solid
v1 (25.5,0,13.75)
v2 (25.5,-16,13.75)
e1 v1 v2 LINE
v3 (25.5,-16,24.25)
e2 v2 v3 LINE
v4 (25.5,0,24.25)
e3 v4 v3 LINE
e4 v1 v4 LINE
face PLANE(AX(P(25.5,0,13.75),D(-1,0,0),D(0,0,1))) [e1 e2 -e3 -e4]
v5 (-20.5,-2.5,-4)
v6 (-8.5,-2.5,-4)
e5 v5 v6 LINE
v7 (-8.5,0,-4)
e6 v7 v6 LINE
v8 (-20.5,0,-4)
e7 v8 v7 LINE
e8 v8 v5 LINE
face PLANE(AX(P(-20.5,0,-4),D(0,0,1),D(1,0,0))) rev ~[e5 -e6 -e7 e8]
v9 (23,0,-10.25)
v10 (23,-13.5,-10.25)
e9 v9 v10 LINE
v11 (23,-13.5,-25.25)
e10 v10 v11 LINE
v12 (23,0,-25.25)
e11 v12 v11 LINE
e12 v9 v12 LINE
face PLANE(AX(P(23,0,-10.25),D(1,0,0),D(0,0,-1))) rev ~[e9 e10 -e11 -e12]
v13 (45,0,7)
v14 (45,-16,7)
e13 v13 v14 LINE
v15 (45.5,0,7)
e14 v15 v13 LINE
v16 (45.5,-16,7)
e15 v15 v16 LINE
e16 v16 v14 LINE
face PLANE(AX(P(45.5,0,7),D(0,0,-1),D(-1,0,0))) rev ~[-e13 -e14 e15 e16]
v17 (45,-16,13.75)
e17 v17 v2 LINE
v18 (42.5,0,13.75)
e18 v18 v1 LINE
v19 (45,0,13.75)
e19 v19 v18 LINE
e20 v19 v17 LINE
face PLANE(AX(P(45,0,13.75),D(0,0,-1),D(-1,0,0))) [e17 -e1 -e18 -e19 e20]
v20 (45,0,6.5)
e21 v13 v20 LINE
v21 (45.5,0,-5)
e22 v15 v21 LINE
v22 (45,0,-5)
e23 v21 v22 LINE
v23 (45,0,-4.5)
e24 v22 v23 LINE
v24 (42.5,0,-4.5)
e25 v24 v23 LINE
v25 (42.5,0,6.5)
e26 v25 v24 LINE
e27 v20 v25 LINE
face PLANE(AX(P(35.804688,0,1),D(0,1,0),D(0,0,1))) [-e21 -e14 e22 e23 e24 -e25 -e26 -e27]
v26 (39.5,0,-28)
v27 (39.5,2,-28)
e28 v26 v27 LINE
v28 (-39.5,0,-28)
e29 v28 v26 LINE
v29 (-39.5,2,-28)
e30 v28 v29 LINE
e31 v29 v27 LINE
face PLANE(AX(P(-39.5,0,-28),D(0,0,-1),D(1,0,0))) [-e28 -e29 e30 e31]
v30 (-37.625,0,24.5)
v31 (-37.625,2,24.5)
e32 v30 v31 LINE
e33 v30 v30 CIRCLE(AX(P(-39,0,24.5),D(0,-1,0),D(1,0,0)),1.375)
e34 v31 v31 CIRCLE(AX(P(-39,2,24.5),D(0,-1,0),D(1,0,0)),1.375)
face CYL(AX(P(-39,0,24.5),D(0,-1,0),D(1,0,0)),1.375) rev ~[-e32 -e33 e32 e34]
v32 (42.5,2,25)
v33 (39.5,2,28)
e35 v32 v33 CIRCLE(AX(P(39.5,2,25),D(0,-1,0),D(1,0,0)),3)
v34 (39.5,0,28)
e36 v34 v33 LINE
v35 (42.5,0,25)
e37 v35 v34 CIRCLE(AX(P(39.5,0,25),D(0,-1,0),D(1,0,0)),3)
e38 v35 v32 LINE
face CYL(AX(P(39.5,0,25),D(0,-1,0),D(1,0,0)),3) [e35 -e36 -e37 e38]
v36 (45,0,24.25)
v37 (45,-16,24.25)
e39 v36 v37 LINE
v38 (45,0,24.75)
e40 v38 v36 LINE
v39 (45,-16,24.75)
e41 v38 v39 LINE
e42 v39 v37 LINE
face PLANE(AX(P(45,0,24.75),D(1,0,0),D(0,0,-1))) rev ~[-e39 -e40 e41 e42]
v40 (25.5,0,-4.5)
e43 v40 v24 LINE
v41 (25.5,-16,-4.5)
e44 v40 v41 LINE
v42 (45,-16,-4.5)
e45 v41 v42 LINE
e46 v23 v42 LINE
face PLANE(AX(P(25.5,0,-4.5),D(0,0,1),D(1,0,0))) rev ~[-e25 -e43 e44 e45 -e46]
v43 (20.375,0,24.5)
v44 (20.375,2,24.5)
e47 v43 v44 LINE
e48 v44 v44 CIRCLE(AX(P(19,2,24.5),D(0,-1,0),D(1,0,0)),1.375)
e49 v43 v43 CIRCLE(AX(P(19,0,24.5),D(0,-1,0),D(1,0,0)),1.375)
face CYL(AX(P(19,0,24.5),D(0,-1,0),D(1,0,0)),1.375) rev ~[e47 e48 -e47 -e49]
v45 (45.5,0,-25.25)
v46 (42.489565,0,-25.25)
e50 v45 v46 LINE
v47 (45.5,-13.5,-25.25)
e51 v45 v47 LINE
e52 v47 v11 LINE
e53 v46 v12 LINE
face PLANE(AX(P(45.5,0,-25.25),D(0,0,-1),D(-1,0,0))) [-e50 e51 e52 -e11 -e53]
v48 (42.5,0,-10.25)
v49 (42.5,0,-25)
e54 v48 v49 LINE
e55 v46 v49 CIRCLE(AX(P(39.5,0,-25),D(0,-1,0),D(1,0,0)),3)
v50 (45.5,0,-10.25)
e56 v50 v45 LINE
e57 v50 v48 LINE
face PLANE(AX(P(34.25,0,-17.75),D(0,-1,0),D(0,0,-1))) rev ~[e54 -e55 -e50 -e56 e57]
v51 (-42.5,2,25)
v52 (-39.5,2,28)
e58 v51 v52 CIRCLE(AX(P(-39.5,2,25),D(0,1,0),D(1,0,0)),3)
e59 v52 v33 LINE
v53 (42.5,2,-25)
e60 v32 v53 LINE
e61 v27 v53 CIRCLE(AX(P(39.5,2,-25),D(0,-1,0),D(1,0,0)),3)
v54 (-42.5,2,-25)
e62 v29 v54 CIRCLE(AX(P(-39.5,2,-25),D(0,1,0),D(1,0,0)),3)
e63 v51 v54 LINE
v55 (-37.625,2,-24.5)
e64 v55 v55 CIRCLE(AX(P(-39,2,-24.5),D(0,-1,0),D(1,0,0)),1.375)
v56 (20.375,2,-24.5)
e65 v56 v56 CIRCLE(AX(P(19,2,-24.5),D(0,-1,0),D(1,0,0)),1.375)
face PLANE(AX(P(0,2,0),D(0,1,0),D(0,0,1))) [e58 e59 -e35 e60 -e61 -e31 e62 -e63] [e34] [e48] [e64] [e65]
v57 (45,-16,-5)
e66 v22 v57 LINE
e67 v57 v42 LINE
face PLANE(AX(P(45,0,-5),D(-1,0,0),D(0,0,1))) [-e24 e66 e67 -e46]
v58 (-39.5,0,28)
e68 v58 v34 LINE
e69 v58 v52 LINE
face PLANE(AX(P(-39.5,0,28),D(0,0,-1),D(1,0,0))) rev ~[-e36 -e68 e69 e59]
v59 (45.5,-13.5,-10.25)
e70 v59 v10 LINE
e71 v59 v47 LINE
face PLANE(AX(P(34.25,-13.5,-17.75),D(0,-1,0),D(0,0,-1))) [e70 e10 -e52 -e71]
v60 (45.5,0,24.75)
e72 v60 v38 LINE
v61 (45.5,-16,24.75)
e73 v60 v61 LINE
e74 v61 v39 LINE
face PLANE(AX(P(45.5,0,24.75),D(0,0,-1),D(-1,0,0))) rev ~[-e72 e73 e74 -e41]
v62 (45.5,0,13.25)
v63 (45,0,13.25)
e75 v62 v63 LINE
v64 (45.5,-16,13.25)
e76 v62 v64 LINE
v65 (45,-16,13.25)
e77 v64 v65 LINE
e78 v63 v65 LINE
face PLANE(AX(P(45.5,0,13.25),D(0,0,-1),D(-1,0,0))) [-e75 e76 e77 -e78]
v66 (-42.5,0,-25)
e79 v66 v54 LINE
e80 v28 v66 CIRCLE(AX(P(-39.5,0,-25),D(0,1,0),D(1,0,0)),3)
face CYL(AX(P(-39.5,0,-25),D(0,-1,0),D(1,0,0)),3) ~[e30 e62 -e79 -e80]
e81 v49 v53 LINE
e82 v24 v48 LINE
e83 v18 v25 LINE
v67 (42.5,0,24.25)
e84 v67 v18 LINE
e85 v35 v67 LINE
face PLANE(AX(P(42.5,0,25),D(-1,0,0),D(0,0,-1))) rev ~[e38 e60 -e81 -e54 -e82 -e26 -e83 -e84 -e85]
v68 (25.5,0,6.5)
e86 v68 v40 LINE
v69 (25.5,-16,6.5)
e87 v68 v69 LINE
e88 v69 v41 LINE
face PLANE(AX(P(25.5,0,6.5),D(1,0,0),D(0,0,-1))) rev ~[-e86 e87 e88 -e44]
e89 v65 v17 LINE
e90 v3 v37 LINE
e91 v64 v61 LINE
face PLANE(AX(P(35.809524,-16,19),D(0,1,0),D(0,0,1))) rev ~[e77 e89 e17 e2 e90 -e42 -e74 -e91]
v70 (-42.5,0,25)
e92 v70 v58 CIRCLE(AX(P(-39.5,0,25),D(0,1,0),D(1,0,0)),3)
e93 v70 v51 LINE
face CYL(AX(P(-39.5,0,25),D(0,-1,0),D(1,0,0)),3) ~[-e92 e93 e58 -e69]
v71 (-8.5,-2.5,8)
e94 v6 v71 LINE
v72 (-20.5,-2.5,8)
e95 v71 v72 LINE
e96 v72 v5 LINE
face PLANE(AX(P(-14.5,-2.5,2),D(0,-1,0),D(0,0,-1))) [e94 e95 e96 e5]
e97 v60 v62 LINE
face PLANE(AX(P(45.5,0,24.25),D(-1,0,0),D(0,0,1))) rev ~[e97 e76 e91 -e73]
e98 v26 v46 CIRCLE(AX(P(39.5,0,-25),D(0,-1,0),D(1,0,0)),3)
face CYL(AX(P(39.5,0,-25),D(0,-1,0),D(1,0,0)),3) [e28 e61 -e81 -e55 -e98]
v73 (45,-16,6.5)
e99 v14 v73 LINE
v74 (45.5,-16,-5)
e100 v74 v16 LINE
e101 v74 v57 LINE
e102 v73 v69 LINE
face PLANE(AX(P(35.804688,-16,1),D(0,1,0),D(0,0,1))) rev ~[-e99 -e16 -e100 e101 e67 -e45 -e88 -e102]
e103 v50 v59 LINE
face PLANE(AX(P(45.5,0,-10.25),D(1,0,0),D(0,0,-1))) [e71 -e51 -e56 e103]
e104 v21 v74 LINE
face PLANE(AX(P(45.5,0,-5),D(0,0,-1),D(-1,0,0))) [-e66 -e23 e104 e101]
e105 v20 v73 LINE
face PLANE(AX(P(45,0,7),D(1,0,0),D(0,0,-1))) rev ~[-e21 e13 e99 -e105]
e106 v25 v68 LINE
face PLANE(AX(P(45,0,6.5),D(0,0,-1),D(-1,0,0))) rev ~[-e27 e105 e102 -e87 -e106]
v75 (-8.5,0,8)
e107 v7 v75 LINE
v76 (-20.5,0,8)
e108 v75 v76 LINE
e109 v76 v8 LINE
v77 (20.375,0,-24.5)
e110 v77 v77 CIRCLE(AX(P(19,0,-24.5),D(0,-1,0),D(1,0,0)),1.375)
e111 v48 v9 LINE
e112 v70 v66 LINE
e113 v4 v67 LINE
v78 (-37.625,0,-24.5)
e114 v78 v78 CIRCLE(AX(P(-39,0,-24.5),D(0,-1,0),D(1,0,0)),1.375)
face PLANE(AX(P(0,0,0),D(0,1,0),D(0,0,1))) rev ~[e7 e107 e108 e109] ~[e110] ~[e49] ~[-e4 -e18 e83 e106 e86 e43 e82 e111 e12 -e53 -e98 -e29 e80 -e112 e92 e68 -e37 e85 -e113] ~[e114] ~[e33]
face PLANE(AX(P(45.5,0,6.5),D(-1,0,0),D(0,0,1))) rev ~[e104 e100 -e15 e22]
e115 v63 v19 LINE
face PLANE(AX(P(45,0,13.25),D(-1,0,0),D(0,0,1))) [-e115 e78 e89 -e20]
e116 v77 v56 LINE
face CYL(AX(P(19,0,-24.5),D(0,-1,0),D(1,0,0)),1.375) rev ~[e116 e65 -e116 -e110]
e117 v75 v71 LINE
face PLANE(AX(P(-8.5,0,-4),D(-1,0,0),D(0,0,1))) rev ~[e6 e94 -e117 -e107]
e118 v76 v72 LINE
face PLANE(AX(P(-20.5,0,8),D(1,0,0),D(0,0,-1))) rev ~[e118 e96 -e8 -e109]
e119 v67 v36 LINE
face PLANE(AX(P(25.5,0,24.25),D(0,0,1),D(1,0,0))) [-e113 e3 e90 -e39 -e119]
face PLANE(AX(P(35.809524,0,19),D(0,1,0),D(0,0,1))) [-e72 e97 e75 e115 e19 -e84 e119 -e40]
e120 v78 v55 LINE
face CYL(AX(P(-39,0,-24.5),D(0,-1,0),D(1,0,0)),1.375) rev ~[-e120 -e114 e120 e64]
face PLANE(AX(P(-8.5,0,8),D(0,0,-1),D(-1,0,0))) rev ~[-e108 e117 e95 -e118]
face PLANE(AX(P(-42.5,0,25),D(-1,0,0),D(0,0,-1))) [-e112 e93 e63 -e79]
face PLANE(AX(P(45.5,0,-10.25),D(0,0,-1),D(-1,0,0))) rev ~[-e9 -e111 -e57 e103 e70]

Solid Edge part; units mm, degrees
sketch "Sketch1" plane through (0, 0, 0) normal (0, -1, 0) x (1, 0, 0)
  line L0 (-39.5, 28) -> (39.5, 28)
  arc A0 (42.5, 25) -> (39.5, 28) centre (39.5, 25) ccw
  line L1 (42.5, 25) -> (42.5, -25)
  arc A1 (39.5, -28) -> (42.5, -25) centre (39.5, -25) ccw
  line L2 (-39.5, -28) -> (39.5, -28)
  arc A2 (-39.5, -28) -> (-42.5, -25) centre (-39.5, -25) cw
  line L3 (-42.5, 25) -> (-42.5, -25)
  arc A3 (-42.5, 25) -> (-39.5, 28) centre (-39.5, 25) cw
  circle A4 centre (19, 24.5) radius 1.375
  circle A5 centre (19, -24.5) radius 1.375
  circle A6 centre (-39, 24.5) radius 1.375
  circle A7 centre (-39, -24.5) radius 1.375
extrude "Protrusion1" add sketch "Sketch1" against normal blind 2
sketch "Sketch2" plane through (0, 0, 0) normal (0, -1, 0) x (1, 0, 0)
  line L0 (45.5, -10.25) -> (23, -10.25)
  line L1 (23, -10.25) -> (23, -25.25)
  line L2 (45.5, -25.25) -> (23, -25.25)
  line L3 (45.5, -10.25) -> (45.5, -25.25)
extrude "RJ45" add sketch "Sketch2" along normal blind 13.5
sketch "Sketch3" plane through (0, 0, 0) normal (0, -1, 0) x (1, 0, 0)
  line L0 (45.5, 24.25) -> (45.5, 13.75)
  line L1 (45.5, 13.75) -> (45.5, 13.25)
  line L2 (45.5, 13.25) -> (45, 13.25)
  line L3 (45, 13.25) -> (45, 13.75)
  line L4 (45, 13.75) -> (25.5, 13.75)
  line L5 (25.5, 13.75) -> (25.5, 24.25)
  line L6 (25.5, 24.25) -> (45, 24.25)
  line L7 (45, 24.75) -> (45, 24.25)
  line L8 (45.5, 24.75) -> (45, 24.75)
  line L9 (45.5, 24.25) -> (45.5, 24.75)
  line L10 (45.5, 6.5) -> (45.5, -4.5)
  line L11 (45.5, -4.5) -> (45.5, -5)
  line L12 (45.5, -5) -> (45, -5)
  line L13 (45, -5) -> (45, -4.5)
  line L14 (25.5, -4.5) -> (45, -4.5)
  line L15 (25.5, 6.5) -> (25.5, -4.5)
  line L16 (45, 6.5) -> (25.5, 6.5)
  line L17 (45, 7) -> (45, 6.5)
  line L18 (45.5, 7) -> (45, 7)
  line L19 (45.5, 6.5) -> (45.5, 7)
extrude "USB" add sketch "Sketch3" along normal blind 16
sketch "Sketch4" plane through (0, 0, 0) normal (0, -1, 0) x (1, 0, 0)
  line L0 (-8.5, 8) -> (-20.5, 8)
  line L1 (-20.5, 8) -> (-20.5, -4)
  line L2 (-20.5, -4) -> (-8.5, -4)
  line L3 (-8.5, -4) -> (-8.5, 8)
extrude "ProtrusiónExtruida_5" add sketch "Sketch4" along normal blind 2.5
